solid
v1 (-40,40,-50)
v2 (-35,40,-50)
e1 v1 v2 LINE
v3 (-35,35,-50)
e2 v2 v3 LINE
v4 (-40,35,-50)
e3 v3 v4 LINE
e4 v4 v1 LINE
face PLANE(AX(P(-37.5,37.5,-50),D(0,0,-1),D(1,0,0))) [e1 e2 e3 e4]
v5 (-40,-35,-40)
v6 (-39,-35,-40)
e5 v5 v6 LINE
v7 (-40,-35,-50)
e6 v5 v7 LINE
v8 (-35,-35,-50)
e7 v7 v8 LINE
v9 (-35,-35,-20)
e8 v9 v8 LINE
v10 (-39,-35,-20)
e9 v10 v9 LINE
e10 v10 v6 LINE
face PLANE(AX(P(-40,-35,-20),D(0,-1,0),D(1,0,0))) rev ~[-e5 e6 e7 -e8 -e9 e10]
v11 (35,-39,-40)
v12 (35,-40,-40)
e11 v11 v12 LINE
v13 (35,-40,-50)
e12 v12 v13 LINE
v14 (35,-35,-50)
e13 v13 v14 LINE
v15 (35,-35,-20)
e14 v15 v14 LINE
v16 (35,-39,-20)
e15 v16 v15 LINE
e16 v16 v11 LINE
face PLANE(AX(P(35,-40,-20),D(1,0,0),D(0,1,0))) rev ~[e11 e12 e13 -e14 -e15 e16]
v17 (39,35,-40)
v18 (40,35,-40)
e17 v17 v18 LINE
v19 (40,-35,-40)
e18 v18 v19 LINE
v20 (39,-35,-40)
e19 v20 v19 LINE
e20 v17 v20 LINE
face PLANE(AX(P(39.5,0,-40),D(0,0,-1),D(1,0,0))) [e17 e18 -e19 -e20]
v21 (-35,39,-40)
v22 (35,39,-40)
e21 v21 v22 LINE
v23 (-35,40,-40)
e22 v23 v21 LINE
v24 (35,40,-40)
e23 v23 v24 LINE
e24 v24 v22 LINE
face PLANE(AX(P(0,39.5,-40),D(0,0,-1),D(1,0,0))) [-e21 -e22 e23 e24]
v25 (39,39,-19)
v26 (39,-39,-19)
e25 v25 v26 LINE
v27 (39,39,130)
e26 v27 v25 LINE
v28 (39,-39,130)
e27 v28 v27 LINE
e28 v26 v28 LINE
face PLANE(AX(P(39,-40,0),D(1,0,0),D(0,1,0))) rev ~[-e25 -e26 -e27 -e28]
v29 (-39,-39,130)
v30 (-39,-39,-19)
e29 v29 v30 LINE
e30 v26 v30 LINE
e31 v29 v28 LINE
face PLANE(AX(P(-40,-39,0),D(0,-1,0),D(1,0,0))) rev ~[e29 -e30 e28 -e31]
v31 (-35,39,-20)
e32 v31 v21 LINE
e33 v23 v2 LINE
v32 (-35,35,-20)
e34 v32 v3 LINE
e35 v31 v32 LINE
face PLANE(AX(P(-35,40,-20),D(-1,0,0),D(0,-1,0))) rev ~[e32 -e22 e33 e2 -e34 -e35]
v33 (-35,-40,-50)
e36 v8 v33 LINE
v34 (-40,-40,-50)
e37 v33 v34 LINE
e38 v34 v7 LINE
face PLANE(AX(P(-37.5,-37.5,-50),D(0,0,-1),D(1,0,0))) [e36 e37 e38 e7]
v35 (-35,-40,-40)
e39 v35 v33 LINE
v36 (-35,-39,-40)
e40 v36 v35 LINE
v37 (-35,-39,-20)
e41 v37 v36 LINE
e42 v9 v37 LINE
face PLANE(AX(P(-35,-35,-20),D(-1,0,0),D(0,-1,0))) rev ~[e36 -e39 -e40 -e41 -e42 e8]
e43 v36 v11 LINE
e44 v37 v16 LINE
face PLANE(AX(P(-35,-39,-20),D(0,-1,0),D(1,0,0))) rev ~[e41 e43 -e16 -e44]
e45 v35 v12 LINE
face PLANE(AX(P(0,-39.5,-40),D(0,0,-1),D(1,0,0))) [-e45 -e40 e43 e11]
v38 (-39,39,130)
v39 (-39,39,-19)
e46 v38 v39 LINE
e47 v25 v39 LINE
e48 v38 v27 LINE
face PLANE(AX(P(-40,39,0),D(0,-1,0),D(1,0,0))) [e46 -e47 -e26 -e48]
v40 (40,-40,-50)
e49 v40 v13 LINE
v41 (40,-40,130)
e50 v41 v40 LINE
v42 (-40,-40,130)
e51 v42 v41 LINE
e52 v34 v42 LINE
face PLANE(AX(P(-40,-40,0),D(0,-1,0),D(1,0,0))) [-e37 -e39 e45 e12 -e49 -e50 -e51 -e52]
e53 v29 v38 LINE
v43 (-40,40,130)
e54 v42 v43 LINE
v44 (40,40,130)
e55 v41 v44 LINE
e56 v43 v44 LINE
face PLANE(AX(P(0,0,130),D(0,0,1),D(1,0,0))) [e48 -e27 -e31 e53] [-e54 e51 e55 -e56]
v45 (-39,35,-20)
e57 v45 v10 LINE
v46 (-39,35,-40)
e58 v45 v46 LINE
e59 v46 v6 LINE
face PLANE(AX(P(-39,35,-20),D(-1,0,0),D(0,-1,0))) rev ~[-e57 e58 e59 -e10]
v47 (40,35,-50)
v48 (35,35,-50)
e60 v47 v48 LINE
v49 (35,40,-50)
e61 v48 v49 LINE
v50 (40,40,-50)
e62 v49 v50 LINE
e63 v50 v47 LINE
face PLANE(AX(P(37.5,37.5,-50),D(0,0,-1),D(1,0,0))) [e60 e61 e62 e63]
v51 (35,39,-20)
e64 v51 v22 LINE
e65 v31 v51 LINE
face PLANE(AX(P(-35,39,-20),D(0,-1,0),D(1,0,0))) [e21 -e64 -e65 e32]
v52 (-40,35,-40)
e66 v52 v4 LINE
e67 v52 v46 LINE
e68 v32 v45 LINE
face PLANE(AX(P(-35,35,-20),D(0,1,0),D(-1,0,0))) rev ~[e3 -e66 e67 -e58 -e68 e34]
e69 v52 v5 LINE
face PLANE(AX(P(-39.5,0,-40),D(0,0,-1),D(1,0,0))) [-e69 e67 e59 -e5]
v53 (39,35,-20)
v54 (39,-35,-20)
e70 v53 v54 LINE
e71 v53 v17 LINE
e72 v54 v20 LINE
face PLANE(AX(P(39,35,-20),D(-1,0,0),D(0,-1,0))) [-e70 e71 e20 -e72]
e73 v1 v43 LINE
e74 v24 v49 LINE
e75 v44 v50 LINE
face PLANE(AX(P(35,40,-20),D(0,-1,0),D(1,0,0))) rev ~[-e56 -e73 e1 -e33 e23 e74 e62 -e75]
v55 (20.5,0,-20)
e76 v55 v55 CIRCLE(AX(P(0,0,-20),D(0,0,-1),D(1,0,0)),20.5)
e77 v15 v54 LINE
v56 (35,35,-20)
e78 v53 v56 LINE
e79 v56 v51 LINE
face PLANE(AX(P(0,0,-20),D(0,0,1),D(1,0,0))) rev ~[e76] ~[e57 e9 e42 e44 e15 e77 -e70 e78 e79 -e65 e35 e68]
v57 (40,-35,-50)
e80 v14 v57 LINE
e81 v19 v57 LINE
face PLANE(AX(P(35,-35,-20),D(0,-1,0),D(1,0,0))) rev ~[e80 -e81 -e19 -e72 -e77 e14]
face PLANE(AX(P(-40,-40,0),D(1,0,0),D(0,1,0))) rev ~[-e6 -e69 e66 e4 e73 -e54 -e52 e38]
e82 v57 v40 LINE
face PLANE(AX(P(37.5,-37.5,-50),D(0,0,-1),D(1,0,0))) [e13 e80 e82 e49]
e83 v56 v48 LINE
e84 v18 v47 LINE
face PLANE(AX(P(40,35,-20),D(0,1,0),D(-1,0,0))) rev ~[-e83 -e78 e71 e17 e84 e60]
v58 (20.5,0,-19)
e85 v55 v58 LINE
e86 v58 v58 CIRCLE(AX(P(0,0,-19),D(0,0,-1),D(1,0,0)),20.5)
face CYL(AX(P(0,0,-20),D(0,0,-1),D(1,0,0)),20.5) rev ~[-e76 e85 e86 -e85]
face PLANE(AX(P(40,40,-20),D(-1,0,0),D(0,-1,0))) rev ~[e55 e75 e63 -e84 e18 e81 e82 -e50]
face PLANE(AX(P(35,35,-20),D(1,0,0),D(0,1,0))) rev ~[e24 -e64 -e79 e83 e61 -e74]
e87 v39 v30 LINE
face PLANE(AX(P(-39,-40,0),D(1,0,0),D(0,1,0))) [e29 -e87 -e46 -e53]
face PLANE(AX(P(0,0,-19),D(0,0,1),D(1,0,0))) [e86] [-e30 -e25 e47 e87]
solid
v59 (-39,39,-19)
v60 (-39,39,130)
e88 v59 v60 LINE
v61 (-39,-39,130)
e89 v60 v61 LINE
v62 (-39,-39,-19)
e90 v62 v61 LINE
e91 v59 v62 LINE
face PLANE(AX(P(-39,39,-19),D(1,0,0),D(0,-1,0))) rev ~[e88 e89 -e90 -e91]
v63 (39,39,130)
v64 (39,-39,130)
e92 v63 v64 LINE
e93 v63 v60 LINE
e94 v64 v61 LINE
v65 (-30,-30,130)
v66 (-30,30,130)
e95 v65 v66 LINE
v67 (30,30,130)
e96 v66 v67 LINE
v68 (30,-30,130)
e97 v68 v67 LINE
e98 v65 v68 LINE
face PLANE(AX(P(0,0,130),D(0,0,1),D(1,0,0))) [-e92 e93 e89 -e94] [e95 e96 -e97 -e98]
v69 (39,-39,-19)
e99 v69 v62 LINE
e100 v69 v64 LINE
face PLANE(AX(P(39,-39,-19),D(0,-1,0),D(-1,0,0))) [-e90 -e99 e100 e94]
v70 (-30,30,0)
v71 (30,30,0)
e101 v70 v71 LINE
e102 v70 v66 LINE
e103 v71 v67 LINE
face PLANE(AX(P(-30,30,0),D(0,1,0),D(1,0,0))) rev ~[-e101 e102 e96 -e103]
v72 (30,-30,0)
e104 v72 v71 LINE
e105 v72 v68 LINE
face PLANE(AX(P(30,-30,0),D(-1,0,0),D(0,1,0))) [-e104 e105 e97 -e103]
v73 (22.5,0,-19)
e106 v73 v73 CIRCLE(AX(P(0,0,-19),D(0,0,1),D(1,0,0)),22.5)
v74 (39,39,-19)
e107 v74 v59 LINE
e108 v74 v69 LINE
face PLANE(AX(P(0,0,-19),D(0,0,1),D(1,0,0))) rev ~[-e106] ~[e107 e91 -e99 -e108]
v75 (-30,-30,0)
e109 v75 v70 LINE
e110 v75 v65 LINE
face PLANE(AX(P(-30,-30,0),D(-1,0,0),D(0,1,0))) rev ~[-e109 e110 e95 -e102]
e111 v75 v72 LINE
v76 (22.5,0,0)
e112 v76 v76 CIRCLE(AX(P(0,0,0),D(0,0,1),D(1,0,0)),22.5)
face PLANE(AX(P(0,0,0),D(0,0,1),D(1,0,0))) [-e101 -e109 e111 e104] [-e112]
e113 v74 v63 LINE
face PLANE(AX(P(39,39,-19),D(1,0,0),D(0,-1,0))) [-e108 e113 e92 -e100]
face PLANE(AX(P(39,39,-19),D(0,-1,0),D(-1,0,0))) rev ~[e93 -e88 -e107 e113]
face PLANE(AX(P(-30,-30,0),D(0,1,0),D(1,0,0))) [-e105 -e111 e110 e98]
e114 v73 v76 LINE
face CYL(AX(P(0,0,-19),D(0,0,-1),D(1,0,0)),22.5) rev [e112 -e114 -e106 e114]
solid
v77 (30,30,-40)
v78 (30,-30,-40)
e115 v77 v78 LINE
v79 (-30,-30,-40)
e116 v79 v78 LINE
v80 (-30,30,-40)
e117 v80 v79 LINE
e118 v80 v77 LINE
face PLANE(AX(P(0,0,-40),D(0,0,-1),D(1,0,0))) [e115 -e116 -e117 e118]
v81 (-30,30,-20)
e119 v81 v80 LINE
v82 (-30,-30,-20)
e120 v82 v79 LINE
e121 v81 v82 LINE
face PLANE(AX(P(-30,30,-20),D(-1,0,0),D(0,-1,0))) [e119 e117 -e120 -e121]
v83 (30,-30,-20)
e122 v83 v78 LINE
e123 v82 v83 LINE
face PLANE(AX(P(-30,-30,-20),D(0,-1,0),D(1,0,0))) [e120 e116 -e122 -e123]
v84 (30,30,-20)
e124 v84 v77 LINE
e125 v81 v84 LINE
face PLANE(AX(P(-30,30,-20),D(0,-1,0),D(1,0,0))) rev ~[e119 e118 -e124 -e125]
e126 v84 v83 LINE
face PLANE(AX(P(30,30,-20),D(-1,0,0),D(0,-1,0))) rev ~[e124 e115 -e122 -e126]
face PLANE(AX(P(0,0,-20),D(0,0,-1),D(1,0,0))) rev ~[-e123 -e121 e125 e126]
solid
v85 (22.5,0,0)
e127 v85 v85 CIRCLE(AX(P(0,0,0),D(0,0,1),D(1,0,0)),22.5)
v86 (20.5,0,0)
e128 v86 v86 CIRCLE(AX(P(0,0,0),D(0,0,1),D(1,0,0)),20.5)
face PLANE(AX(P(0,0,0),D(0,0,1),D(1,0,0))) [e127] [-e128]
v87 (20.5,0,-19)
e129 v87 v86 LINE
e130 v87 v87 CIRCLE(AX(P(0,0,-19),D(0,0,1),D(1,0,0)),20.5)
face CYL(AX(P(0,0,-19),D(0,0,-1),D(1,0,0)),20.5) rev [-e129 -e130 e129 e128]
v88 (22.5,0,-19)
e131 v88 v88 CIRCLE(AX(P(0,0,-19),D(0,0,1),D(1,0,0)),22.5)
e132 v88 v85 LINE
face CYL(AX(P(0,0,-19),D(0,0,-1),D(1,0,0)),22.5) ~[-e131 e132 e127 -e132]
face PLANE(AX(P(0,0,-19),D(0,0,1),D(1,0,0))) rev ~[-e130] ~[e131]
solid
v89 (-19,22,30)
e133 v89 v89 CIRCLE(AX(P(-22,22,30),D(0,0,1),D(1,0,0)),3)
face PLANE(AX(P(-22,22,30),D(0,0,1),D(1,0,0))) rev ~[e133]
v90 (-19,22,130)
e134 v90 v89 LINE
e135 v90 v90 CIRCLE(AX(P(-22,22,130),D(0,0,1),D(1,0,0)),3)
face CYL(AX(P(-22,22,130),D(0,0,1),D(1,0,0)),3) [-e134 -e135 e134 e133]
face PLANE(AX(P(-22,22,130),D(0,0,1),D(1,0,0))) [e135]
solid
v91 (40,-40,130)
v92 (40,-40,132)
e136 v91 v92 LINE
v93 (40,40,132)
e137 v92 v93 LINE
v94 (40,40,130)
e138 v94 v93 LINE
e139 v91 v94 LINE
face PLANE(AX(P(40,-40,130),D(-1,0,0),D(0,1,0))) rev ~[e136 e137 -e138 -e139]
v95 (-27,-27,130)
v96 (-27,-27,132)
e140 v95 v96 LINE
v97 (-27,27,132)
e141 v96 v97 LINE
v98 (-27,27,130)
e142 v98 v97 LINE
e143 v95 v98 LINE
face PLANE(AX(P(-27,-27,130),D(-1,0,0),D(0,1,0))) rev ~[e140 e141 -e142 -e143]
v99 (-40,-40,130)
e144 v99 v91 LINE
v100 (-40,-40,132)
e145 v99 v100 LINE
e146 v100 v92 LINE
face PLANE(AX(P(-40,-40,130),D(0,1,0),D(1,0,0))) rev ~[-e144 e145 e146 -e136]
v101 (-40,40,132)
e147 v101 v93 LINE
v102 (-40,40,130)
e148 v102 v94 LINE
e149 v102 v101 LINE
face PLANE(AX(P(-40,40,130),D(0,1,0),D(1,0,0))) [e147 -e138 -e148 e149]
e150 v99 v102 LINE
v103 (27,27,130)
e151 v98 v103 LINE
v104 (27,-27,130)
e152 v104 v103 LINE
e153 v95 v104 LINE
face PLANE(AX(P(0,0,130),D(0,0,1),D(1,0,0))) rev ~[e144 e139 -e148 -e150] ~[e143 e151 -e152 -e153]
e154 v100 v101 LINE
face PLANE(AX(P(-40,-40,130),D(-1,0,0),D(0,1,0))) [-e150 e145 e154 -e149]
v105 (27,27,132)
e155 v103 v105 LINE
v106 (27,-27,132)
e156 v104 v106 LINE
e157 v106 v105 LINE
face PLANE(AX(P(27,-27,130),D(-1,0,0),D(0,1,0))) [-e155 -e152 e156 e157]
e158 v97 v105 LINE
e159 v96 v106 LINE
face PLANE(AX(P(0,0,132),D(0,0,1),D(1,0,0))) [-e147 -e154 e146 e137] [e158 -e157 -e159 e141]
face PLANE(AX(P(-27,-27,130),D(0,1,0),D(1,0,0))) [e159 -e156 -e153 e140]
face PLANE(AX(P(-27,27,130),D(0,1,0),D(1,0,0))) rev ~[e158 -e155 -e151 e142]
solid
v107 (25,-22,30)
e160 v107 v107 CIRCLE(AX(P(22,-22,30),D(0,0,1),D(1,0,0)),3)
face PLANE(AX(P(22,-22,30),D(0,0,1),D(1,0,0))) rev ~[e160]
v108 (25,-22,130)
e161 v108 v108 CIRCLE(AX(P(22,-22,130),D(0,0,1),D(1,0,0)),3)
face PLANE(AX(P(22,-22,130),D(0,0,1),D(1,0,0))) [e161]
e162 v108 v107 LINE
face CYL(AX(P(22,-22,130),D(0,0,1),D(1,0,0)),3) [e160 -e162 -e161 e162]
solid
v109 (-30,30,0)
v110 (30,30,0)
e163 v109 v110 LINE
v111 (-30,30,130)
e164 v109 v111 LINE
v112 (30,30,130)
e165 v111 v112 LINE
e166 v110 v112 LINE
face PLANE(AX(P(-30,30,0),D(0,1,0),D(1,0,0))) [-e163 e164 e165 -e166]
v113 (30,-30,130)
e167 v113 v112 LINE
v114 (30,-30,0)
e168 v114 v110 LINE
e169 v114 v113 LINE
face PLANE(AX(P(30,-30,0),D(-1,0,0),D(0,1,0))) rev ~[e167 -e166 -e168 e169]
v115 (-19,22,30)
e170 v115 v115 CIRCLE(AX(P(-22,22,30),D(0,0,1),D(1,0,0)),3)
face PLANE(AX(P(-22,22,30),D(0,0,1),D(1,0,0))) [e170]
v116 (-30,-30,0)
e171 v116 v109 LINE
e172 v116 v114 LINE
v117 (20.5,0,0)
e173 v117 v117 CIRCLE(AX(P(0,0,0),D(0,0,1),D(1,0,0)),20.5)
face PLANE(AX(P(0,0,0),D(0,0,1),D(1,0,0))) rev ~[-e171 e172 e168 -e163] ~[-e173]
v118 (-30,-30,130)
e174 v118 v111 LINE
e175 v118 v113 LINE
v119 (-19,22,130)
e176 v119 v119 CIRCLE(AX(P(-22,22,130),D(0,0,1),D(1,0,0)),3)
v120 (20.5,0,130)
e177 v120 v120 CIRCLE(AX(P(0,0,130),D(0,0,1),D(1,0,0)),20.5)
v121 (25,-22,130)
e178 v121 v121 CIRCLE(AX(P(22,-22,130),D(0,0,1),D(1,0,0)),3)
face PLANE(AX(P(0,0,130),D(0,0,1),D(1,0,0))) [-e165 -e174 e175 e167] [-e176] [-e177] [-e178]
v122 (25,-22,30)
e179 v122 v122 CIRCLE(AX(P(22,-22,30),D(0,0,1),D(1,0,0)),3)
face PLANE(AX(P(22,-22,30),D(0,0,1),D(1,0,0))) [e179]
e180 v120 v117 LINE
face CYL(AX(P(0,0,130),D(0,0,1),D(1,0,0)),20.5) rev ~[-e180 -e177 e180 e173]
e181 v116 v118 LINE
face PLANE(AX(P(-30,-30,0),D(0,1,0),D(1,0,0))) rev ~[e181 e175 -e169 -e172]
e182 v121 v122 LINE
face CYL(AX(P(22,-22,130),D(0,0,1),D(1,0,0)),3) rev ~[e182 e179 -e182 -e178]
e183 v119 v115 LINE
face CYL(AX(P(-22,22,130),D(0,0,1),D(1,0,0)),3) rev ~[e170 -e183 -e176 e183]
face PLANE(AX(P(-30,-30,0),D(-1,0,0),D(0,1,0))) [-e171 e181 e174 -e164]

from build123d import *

# Parameters (mm, degrees)
F0_W          = 60
F0_H          = 60
F1_DEPTH      = 130
F2_R          = 20.5
F3_DEPTH      = 150
F4_R          = 3
F5_DEPTH      = 100
F6_DEPTH      = 100
F7_W          = 80
F7_H          = 80
F8_DEPTH      = 130
F8_DEPTH_BACK = 20
F9_T          = -1
F10_R         = 20.5
F11_DEPTH     = 25
F12_R         = 22.5
F12_R_2       = 20.5
F13_DEPTH     = 19
F14_W         = 60
F14_H         = 60
F14_R         = 20.5
F15_DEPTH     = 20
F17_DEPTH     = 30
F16_W         = 1
F16_H         = 70
F16_W_2       = 70
F16_H_2       = 1
F18_DEPTH     = 20
F19_DEPTH     = 149
F8_FACE1_W    = 80
F8_FACE1_H    = 80
F8_FACE1_W_2  = 78
F8_FACE1_H_2  = 78
F21_W         = 60
F21_H         = 60
F21_W_2       = 54
F21_H_2       = 54
F22_DEPTH     = 2


with BuildPart() as f1:
    # F0 (on Top) → F1 (new body)
    with BuildSketch(Plane.XY):
        Rectangle(F0_W, F0_H)
    extrude(amount=F1_DEPTH)

    # F2 (on face) → F3 (cut)
    with BuildSketch(Plane.XY.offset(130)):
        Circle(F2_R)
    extrude(amount=-F3_DEPTH, mode=Mode.SUBTRACT)

    # F4 (on face) → F5 (cut)
    with BuildSketch(Plane.XY.offset(130)):
        with Locations((-22, 22)):
            Circle(F4_R)
        with Locations((22, -22)):
            Circle(F4_R)
    extrude(amount=-F5_DEPTH, mode=Mode.SUBTRACT)


with BuildPart() as f6:
    # F4 (on face) → F6 (new body)
    with BuildSketch(Plane.XY.offset(130)):
        with Locations((22, -22)):
            Circle(F4_R)
    extrude(amount=-F6_DEPTH)


with BuildPart() as f6b:
    # F4 (on face) → F6, piece 2 (new body)
    with BuildSketch(Plane.XY.offset(130)):
        with Locations((-22, 22)):
            Circle(F4_R)
    extrude(amount=-F6_DEPTH)


with BuildPart() as f8:
    # F7 (on Top) → F8 (new body, two sides)
    with BuildSketch(Plane.XY) as f8_sk:
        Rectangle(F7_W, F7_H)
    extrude(amount=F8_DEPTH)
    extrude(f8_sk.sketch, amount=-F8_DEPTH_BACK)

    # F9
    f9_openings = [f8.faces().sort_by_distance(p)[0] for p in [
        (0, 0, 130),
    ]]
    offset(amount=F9_T, openings=f9_openings)

    # F10 (on face) → F11 (cut)
    with BuildSketch(Plane(origin=(0, 0, -20), x_dir=(1, 0, 0), z_dir=(0, 0, -1))):
        Circle(F10_R)
    extrude(amount=-F11_DEPTH, mode=Mode.SUBTRACT)

    # F16 (on face) → F17 (join)
    with BuildSketch(Plane(origin=(0, 0, -20), x_dir=(1, 0, 0), z_dir=(0, 0, -1))):
        Polygon((35, -40), (40, -40), (40, -35), (39, -35), (37.5, -35), (35, -35), (35, -39), align=None)
        Polygon((-40, -40), (-35, -40), (-35, -39), (-35, -35), (-39, -35), (-40, -35), align=None)
        Polygon((-40, 40), (-40, 35), (-39, 35), (-35, 35), (-35, 39), (-35, 40), align=None)
        Polygon((39, 35), (40, 35), (40, 40), (35, 40), (35, 39), (35, 35), (37.5, 35), align=None)
    extrude(amount=F17_DEPTH)

    # F16 (on face) → F18 (join)
    with BuildSketch(Plane(origin=(0, 0, -20), x_dir=(1, 0, 0), z_dir=(0, 0, -1))):
        with Locations((39.5, 0)):
            Rectangle(F16_W, F16_H)
        with Locations((0, -39.5)):
            Rectangle(F16_W_2, F16_H_2)
        with Locations((-39.5, 0)):
            Rectangle(F16_W, F16_H)
        with Locations((0, 39.5)):
            Rectangle(F16_W_2, F16_H_2)
    extrude(amount=F18_DEPTH)


with BuildPart() as f13:
    # F12 (on face) → F13 (new body)
    with BuildSketch(Plane.XY.offset(-19)):
        Circle(F12_R)
        Circle(F12_R_2, mode=Mode.SUBTRACT)
    extrude(amount=F13_DEPTH)


with BuildPart() as f15:
    # F14 (on face) → F15 (new body)
    with BuildSketch(Plane(origin=(0, 0, -20), x_dir=(1, 0, 0), z_dir=(0, 0, -1))):
        Rectangle(F14_W, F14_H)
        Circle(F14_R, mode=Mode.SUBTRACT)
        Circle(F14_R)
    extrude(amount=F15_DEPTH)


with BuildPart() as f19:
    # F19 (new): a face of the model
    f19_faces = [f8.part.faces().sort_by_distance(p)[0] for p in [
        (37.8969134213, 0, -19),
    ]]
    extrude(f19_faces, amount=F19_DEPTH)

    # F20: cut F15, F13, F6b, F8, F6, F1
    add(f15.part, mode=Mode.SUBTRACT)
    add(f13.part, mode=Mode.SUBTRACT)
    add(f6b.part, mode=Mode.SUBTRACT)
    add(f8.part, mode=Mode.SUBTRACT)
    add(f6.part, mode=Mode.SUBTRACT)
    add(f1.part, mode=Mode.SUBTRACT)


with BuildPart() as f22:
    # F8_face1 (on face) + F21 (on face) → F22 (new body)
    with BuildSketch(Plane.XY.offset(130)):
        Rectangle(F8_FACE1_W, F8_FACE1_H)
        Rectangle(F8_FACE1_W_2, F8_FACE1_H_2, mode=Mode.SUBTRACT)
    with BuildSketch(Plane.XY.offset(130)):
        Polygon((-39, -39), (39, -39), (39, 39), (-39, 39), (-39, -38.8472890854), align=None)
        Rectangle(F21_W, F21_H, mode=Mode.SUBTRACT)
        Rectangle(F21_W, F21_H)
        Rectangle(F21_W_2, F21_H_2, mode=Mode.SUBTRACT)
    extrude(amount=F22_DEPTH)


solid = Compound([f1.part, f6.part, f6b.part, f8.part, f13.part, f15.part, f19.part, f22.part])
